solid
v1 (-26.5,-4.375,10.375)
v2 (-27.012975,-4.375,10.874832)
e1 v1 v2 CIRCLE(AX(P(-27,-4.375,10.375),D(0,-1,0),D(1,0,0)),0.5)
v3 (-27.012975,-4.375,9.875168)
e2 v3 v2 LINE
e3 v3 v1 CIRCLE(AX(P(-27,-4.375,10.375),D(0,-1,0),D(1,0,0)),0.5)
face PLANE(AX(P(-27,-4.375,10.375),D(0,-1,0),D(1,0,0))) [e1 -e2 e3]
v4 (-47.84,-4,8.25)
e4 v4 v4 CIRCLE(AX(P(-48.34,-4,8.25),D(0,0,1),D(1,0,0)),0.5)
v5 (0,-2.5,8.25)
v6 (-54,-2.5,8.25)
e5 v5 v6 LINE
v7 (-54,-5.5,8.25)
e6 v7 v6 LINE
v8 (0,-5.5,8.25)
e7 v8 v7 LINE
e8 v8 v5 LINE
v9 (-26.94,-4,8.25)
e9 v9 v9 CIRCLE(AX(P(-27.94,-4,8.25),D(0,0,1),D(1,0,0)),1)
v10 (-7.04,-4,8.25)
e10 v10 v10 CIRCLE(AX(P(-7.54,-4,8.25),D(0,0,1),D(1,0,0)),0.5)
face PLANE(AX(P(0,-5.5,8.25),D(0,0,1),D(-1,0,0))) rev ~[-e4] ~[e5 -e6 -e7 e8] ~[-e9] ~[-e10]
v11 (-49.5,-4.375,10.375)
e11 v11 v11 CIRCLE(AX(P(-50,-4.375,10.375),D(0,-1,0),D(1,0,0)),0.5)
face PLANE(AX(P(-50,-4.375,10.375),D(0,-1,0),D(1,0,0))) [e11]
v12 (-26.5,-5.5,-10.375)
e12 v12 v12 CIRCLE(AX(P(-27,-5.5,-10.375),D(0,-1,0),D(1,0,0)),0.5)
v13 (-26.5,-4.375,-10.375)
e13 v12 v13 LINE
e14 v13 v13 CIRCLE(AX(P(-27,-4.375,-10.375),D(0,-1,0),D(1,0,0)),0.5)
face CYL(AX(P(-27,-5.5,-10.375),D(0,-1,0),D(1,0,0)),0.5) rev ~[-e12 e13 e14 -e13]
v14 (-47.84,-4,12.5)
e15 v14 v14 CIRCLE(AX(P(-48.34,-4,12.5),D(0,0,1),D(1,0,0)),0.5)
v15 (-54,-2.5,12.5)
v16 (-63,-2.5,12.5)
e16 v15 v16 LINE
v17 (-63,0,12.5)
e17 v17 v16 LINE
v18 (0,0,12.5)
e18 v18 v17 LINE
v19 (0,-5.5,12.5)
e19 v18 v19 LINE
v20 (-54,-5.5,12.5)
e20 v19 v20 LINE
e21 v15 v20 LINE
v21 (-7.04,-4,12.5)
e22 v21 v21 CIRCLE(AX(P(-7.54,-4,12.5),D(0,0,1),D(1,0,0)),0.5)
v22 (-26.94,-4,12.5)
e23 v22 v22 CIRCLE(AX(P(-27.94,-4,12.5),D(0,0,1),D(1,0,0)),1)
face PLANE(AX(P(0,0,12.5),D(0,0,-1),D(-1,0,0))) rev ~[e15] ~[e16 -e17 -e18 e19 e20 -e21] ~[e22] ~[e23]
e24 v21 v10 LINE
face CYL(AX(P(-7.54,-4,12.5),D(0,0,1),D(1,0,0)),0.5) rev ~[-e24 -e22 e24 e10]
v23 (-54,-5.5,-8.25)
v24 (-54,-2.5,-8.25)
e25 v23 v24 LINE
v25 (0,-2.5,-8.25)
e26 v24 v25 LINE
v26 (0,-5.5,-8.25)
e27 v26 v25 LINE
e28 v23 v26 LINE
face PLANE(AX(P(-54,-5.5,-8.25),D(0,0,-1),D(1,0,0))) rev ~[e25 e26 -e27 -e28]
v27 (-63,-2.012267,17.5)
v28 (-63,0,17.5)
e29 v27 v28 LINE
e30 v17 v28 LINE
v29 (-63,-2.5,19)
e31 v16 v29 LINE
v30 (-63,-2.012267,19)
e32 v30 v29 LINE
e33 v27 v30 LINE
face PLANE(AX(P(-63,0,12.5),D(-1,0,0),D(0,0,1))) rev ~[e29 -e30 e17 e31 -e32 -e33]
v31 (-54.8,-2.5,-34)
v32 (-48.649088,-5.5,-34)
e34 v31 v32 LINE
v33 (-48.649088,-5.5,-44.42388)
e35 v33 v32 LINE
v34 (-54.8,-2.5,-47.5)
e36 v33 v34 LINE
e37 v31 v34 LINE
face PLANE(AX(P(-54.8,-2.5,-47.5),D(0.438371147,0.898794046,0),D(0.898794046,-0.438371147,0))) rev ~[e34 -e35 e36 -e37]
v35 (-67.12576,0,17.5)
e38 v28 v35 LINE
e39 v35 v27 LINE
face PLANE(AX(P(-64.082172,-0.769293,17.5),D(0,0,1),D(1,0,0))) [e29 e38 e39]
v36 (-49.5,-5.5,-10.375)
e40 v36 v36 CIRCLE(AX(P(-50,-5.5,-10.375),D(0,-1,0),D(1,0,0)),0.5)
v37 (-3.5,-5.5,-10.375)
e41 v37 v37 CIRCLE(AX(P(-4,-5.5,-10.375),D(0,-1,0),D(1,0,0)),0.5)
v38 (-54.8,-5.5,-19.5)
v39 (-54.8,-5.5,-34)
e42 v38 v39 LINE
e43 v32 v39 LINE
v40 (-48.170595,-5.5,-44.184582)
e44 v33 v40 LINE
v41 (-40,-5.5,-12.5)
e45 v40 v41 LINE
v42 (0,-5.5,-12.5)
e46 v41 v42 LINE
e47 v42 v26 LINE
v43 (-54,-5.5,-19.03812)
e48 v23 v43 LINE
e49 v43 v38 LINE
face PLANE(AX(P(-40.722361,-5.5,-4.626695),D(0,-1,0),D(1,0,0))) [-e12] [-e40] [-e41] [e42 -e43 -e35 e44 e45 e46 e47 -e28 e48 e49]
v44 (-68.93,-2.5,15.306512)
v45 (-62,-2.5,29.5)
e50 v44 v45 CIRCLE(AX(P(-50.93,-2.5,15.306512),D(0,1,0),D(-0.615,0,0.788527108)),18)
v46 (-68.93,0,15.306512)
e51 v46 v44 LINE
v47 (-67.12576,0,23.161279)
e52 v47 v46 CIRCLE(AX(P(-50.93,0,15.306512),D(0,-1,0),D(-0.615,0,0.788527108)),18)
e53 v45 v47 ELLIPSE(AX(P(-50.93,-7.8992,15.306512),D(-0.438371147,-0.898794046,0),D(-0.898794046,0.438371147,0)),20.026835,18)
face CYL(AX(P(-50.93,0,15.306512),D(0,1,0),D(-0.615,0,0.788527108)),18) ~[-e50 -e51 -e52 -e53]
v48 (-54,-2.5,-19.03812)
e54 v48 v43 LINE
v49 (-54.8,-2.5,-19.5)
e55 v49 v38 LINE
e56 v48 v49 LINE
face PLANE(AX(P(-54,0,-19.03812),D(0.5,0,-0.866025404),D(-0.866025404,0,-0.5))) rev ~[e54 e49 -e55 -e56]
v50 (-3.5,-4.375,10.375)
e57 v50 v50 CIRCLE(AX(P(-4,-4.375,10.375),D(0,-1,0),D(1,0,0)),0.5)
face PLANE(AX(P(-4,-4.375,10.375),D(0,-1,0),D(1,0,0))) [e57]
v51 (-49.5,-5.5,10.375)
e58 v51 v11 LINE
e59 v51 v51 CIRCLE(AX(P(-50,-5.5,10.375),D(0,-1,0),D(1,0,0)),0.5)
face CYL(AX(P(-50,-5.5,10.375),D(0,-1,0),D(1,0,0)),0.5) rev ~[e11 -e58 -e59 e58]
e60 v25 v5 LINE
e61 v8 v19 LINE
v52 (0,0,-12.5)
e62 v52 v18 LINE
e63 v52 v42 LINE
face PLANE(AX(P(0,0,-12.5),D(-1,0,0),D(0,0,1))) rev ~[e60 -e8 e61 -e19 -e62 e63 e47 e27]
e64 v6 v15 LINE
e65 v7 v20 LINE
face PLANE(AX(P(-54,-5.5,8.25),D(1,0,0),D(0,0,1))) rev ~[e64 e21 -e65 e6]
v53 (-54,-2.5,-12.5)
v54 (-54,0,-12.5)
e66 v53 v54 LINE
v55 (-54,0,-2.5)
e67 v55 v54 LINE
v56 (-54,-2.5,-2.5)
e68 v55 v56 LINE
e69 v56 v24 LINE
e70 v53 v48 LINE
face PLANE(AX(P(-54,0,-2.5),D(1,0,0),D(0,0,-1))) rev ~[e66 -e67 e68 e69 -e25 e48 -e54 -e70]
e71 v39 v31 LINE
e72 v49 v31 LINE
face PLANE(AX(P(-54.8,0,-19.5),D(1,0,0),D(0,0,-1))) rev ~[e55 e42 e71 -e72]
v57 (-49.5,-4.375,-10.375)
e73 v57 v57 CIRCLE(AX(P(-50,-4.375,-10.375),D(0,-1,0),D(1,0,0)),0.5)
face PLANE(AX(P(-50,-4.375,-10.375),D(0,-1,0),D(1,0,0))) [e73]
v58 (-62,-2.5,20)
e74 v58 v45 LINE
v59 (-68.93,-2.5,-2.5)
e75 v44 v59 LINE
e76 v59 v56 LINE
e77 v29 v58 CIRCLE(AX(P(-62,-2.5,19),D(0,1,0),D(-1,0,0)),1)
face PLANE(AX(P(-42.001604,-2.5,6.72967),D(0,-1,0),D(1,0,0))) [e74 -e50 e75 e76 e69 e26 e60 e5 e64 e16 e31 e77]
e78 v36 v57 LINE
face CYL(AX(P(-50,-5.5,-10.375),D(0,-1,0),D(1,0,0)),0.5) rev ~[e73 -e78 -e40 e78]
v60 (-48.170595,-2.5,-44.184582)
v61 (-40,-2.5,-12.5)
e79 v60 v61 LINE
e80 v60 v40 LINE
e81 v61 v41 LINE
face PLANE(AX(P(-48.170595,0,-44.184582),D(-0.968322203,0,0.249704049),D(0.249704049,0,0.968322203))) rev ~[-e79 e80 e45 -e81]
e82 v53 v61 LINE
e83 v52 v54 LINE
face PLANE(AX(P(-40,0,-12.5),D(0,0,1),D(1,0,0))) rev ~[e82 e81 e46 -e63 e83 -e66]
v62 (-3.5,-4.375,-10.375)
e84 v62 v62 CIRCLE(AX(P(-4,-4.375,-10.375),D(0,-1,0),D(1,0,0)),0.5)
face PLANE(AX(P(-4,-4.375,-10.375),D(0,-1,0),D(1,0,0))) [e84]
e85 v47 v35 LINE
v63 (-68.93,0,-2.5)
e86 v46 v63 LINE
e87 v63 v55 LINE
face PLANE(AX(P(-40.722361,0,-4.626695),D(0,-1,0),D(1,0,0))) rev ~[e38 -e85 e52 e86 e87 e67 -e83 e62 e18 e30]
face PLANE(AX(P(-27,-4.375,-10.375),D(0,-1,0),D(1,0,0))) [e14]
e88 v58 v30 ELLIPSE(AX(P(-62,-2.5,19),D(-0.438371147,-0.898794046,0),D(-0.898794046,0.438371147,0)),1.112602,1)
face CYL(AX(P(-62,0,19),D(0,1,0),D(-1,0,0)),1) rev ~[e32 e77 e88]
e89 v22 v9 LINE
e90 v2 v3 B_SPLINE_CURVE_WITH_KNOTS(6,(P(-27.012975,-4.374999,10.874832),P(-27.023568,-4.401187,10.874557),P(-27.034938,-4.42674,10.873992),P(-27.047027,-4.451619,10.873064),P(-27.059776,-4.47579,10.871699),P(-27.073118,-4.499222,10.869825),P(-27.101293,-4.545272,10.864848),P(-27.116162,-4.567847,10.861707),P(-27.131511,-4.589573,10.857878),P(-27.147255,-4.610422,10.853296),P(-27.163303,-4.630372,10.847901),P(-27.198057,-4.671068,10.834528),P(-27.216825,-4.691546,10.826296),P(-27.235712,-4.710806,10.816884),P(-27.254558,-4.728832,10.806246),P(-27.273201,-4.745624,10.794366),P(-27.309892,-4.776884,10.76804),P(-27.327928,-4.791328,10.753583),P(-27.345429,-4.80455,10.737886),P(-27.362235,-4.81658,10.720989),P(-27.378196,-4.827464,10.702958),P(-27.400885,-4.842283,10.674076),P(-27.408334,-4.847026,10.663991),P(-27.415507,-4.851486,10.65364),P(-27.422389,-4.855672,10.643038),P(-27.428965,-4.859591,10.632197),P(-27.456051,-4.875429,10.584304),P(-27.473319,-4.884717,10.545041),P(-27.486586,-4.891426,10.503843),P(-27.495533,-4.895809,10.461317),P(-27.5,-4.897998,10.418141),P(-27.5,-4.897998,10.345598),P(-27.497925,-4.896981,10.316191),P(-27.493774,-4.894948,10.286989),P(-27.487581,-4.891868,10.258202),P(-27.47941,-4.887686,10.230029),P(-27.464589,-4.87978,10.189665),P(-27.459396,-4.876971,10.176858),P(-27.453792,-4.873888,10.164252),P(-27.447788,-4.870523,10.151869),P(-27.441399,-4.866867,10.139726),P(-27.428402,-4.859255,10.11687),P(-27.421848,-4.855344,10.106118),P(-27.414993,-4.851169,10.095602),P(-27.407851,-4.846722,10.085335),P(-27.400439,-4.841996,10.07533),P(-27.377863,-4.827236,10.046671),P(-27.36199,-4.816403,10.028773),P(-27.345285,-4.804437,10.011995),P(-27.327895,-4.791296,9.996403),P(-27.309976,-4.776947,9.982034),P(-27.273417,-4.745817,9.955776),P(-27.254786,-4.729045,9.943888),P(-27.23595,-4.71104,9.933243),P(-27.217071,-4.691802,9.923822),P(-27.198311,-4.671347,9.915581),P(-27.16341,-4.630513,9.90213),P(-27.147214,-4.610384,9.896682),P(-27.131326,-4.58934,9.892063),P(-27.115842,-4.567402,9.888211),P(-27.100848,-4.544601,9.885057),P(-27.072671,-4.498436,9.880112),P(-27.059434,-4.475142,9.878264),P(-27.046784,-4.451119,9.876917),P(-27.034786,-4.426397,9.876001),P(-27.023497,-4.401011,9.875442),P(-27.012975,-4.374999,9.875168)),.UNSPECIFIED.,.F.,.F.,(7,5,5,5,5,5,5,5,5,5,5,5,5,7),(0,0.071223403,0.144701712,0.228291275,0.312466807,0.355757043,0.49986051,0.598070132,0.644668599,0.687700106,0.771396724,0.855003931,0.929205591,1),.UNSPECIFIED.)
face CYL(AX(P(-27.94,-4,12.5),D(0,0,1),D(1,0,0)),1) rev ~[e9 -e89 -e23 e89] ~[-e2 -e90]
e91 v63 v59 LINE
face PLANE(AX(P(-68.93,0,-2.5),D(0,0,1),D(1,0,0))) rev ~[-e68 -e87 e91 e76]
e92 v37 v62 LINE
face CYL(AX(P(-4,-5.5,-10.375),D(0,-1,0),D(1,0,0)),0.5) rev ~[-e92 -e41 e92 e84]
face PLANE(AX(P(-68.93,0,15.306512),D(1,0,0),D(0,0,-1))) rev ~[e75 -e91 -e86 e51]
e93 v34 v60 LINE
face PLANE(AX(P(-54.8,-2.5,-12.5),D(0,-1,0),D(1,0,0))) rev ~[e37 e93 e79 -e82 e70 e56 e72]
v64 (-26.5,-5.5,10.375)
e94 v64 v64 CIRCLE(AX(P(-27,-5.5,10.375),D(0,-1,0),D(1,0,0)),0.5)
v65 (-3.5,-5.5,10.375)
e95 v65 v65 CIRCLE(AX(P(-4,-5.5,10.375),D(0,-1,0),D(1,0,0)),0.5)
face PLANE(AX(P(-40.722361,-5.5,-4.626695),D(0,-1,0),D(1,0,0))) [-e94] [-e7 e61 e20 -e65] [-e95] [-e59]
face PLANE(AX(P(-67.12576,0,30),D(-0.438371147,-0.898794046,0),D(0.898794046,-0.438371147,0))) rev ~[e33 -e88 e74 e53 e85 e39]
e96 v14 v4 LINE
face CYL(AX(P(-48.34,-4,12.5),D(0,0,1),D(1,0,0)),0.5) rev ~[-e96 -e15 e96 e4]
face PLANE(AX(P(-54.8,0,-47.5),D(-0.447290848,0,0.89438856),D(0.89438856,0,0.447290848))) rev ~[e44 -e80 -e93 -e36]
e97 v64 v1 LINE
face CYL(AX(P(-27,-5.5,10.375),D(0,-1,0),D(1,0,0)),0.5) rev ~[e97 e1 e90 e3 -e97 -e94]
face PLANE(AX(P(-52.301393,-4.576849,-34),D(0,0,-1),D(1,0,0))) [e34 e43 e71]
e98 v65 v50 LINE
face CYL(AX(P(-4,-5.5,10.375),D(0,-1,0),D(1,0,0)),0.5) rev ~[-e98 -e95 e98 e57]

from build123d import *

# Parameters (mm, degrees)
F1_DEPTH  = 5.5
F3_DEPTH  = 3
F4_R      = 0.5
F5_DEPTH  = 1.125
F9_DEPTH  = 12.5
F10_W     = 14.8
F10_H     = 2.5
F11_DEPTH = 47
F13_DEPTH = 13.5
F14_R     = 0.5
F15_DEPTH = 4.25
F16_R     = 1
F17_DEPTH = 4.25


with BuildPart() as f1:
    # F0 (on Front) → F1 (new body)
    with BuildSketch(Plane.XZ):
        with BuildLine():
            Line((0, -12.5), (0, 12.5))
            Line((0, 12.5), (-63, 12.5))
            Line((-63, 12.5), (-63, 19))
            ThreePointArc((-63, 19), (-62.7071067812, 19.7071067812), (-62, 20))
            Line((-62, 20), (-62, 29.5))
            ThreePointArc((-62, 29.5), (-67.1049806801, 23.2039800052), (-68.93, 15.3065120566))
            Line((-68.93, 15.3065120566), (-68.93, -2.5))
            Line((-68.93, -2.5), (-54, -2.5))
            Line((-54, -2.5), (-54, -19.0381197846))
            Line((-54, -19.0381197846), (-54.8, -19.5))
            Line((-54.8, -19.5), (-54.8, -47.5))
            Line((-54.8, -47.5), (-48.1705947427, -44.1845815863))
            Line((-48.1705947427, -44.1845815863), (-40, -12.5))
            Line((-40, -12.5), (0, -12.5))
        make_face()
    extrude(amount=F1_DEPTH)

    # F2 (on face) → F3 (cut)
    with BuildSketch(Plane.XZ.offset(5.5)):
        Polygon((0, -8.25), (0, 8.25), (-54, 8.25), (-54, 31.9336503744), (-73.7788975239, 31.9336503744), (-73.7788975239, -2.5), (-54, -2.5), (-54, -8.25), align=None)
    extrude(amount=-F3_DEPTH, mode=Mode.SUBTRACT)

    # F4 (on face) → F5 (cut)
    with BuildSketch(Plane.XZ.offset(5.5)):
        with Locations((-4, 10.375)):
            Circle(F4_R)
        with Locations((-27, 10.375)):
            Circle(F4_R)
        with Locations((-50, 10.375)):
            Circle(F4_R)
        with Locations((-50, -10.375)):
            Circle(F4_R)
        with Locations((-27, -10.375)):
            Circle(F4_R)
        with Locations((-4, -10.375)):
            Circle(F4_R)
    extrude(amount=-F5_DEPTH, mode=Mode.SUBTRACT)

    # F8 (on offset) → F9 (cut)
    with BuildSketch(Plane.XY.offset(30)):
        Polygon((-67.1257596039, 0), (-62, -2.5), (-62, 0), align=None)
    extrude(amount=-F9_DEPTH, mode=Mode.SUBTRACT)

    # F10 (on face) → F11 (cut)
    with BuildSketch(Plane(origin=(0, 0, -12.5), x_dir=(1, 0, 0), z_dir=(0, 0, -1))):
        with Locations((-47.4, 1.25)):
            Rectangle(F10_W, F10_H)
    extrude(amount=F11_DEPTH, mode=Mode.SUBTRACT)

    # F12 (on plane+point) → F13 (cut)
    with BuildSketch(Plane(origin=(0, 0, -47.5), x_dir=(1, 0, 0), z_dir=(0, 0, -1))):
        Polygon((-48.6490884753, 5.5), (-54.8, 5.5), (-54.8, 2.5), align=None)
    extrude(amount=-F13_DEPTH, mode=Mode.SUBTRACT)

    # F14 (on face) → F15 (cut, through all)
    with BuildSketch(Plane.XY.offset(12.5)):
        with Locations((-7.54, -4)):
            Circle(F14_R)
        with Locations((-48.34, -4)):
            Circle(F14_R)
    extrude(amount=-F15_DEPTH, mode=Mode.SUBTRACT)

    # F16 (on face) → F17 (cut, through all)
    with BuildSketch(Plane.XY.offset(12.5)):
        with Locations((-27.94, -4)):
            Circle(F16_R)
    extrude(amount=-F17_DEPTH, mode=Mode.SUBTRACT)


solid = f1.part
